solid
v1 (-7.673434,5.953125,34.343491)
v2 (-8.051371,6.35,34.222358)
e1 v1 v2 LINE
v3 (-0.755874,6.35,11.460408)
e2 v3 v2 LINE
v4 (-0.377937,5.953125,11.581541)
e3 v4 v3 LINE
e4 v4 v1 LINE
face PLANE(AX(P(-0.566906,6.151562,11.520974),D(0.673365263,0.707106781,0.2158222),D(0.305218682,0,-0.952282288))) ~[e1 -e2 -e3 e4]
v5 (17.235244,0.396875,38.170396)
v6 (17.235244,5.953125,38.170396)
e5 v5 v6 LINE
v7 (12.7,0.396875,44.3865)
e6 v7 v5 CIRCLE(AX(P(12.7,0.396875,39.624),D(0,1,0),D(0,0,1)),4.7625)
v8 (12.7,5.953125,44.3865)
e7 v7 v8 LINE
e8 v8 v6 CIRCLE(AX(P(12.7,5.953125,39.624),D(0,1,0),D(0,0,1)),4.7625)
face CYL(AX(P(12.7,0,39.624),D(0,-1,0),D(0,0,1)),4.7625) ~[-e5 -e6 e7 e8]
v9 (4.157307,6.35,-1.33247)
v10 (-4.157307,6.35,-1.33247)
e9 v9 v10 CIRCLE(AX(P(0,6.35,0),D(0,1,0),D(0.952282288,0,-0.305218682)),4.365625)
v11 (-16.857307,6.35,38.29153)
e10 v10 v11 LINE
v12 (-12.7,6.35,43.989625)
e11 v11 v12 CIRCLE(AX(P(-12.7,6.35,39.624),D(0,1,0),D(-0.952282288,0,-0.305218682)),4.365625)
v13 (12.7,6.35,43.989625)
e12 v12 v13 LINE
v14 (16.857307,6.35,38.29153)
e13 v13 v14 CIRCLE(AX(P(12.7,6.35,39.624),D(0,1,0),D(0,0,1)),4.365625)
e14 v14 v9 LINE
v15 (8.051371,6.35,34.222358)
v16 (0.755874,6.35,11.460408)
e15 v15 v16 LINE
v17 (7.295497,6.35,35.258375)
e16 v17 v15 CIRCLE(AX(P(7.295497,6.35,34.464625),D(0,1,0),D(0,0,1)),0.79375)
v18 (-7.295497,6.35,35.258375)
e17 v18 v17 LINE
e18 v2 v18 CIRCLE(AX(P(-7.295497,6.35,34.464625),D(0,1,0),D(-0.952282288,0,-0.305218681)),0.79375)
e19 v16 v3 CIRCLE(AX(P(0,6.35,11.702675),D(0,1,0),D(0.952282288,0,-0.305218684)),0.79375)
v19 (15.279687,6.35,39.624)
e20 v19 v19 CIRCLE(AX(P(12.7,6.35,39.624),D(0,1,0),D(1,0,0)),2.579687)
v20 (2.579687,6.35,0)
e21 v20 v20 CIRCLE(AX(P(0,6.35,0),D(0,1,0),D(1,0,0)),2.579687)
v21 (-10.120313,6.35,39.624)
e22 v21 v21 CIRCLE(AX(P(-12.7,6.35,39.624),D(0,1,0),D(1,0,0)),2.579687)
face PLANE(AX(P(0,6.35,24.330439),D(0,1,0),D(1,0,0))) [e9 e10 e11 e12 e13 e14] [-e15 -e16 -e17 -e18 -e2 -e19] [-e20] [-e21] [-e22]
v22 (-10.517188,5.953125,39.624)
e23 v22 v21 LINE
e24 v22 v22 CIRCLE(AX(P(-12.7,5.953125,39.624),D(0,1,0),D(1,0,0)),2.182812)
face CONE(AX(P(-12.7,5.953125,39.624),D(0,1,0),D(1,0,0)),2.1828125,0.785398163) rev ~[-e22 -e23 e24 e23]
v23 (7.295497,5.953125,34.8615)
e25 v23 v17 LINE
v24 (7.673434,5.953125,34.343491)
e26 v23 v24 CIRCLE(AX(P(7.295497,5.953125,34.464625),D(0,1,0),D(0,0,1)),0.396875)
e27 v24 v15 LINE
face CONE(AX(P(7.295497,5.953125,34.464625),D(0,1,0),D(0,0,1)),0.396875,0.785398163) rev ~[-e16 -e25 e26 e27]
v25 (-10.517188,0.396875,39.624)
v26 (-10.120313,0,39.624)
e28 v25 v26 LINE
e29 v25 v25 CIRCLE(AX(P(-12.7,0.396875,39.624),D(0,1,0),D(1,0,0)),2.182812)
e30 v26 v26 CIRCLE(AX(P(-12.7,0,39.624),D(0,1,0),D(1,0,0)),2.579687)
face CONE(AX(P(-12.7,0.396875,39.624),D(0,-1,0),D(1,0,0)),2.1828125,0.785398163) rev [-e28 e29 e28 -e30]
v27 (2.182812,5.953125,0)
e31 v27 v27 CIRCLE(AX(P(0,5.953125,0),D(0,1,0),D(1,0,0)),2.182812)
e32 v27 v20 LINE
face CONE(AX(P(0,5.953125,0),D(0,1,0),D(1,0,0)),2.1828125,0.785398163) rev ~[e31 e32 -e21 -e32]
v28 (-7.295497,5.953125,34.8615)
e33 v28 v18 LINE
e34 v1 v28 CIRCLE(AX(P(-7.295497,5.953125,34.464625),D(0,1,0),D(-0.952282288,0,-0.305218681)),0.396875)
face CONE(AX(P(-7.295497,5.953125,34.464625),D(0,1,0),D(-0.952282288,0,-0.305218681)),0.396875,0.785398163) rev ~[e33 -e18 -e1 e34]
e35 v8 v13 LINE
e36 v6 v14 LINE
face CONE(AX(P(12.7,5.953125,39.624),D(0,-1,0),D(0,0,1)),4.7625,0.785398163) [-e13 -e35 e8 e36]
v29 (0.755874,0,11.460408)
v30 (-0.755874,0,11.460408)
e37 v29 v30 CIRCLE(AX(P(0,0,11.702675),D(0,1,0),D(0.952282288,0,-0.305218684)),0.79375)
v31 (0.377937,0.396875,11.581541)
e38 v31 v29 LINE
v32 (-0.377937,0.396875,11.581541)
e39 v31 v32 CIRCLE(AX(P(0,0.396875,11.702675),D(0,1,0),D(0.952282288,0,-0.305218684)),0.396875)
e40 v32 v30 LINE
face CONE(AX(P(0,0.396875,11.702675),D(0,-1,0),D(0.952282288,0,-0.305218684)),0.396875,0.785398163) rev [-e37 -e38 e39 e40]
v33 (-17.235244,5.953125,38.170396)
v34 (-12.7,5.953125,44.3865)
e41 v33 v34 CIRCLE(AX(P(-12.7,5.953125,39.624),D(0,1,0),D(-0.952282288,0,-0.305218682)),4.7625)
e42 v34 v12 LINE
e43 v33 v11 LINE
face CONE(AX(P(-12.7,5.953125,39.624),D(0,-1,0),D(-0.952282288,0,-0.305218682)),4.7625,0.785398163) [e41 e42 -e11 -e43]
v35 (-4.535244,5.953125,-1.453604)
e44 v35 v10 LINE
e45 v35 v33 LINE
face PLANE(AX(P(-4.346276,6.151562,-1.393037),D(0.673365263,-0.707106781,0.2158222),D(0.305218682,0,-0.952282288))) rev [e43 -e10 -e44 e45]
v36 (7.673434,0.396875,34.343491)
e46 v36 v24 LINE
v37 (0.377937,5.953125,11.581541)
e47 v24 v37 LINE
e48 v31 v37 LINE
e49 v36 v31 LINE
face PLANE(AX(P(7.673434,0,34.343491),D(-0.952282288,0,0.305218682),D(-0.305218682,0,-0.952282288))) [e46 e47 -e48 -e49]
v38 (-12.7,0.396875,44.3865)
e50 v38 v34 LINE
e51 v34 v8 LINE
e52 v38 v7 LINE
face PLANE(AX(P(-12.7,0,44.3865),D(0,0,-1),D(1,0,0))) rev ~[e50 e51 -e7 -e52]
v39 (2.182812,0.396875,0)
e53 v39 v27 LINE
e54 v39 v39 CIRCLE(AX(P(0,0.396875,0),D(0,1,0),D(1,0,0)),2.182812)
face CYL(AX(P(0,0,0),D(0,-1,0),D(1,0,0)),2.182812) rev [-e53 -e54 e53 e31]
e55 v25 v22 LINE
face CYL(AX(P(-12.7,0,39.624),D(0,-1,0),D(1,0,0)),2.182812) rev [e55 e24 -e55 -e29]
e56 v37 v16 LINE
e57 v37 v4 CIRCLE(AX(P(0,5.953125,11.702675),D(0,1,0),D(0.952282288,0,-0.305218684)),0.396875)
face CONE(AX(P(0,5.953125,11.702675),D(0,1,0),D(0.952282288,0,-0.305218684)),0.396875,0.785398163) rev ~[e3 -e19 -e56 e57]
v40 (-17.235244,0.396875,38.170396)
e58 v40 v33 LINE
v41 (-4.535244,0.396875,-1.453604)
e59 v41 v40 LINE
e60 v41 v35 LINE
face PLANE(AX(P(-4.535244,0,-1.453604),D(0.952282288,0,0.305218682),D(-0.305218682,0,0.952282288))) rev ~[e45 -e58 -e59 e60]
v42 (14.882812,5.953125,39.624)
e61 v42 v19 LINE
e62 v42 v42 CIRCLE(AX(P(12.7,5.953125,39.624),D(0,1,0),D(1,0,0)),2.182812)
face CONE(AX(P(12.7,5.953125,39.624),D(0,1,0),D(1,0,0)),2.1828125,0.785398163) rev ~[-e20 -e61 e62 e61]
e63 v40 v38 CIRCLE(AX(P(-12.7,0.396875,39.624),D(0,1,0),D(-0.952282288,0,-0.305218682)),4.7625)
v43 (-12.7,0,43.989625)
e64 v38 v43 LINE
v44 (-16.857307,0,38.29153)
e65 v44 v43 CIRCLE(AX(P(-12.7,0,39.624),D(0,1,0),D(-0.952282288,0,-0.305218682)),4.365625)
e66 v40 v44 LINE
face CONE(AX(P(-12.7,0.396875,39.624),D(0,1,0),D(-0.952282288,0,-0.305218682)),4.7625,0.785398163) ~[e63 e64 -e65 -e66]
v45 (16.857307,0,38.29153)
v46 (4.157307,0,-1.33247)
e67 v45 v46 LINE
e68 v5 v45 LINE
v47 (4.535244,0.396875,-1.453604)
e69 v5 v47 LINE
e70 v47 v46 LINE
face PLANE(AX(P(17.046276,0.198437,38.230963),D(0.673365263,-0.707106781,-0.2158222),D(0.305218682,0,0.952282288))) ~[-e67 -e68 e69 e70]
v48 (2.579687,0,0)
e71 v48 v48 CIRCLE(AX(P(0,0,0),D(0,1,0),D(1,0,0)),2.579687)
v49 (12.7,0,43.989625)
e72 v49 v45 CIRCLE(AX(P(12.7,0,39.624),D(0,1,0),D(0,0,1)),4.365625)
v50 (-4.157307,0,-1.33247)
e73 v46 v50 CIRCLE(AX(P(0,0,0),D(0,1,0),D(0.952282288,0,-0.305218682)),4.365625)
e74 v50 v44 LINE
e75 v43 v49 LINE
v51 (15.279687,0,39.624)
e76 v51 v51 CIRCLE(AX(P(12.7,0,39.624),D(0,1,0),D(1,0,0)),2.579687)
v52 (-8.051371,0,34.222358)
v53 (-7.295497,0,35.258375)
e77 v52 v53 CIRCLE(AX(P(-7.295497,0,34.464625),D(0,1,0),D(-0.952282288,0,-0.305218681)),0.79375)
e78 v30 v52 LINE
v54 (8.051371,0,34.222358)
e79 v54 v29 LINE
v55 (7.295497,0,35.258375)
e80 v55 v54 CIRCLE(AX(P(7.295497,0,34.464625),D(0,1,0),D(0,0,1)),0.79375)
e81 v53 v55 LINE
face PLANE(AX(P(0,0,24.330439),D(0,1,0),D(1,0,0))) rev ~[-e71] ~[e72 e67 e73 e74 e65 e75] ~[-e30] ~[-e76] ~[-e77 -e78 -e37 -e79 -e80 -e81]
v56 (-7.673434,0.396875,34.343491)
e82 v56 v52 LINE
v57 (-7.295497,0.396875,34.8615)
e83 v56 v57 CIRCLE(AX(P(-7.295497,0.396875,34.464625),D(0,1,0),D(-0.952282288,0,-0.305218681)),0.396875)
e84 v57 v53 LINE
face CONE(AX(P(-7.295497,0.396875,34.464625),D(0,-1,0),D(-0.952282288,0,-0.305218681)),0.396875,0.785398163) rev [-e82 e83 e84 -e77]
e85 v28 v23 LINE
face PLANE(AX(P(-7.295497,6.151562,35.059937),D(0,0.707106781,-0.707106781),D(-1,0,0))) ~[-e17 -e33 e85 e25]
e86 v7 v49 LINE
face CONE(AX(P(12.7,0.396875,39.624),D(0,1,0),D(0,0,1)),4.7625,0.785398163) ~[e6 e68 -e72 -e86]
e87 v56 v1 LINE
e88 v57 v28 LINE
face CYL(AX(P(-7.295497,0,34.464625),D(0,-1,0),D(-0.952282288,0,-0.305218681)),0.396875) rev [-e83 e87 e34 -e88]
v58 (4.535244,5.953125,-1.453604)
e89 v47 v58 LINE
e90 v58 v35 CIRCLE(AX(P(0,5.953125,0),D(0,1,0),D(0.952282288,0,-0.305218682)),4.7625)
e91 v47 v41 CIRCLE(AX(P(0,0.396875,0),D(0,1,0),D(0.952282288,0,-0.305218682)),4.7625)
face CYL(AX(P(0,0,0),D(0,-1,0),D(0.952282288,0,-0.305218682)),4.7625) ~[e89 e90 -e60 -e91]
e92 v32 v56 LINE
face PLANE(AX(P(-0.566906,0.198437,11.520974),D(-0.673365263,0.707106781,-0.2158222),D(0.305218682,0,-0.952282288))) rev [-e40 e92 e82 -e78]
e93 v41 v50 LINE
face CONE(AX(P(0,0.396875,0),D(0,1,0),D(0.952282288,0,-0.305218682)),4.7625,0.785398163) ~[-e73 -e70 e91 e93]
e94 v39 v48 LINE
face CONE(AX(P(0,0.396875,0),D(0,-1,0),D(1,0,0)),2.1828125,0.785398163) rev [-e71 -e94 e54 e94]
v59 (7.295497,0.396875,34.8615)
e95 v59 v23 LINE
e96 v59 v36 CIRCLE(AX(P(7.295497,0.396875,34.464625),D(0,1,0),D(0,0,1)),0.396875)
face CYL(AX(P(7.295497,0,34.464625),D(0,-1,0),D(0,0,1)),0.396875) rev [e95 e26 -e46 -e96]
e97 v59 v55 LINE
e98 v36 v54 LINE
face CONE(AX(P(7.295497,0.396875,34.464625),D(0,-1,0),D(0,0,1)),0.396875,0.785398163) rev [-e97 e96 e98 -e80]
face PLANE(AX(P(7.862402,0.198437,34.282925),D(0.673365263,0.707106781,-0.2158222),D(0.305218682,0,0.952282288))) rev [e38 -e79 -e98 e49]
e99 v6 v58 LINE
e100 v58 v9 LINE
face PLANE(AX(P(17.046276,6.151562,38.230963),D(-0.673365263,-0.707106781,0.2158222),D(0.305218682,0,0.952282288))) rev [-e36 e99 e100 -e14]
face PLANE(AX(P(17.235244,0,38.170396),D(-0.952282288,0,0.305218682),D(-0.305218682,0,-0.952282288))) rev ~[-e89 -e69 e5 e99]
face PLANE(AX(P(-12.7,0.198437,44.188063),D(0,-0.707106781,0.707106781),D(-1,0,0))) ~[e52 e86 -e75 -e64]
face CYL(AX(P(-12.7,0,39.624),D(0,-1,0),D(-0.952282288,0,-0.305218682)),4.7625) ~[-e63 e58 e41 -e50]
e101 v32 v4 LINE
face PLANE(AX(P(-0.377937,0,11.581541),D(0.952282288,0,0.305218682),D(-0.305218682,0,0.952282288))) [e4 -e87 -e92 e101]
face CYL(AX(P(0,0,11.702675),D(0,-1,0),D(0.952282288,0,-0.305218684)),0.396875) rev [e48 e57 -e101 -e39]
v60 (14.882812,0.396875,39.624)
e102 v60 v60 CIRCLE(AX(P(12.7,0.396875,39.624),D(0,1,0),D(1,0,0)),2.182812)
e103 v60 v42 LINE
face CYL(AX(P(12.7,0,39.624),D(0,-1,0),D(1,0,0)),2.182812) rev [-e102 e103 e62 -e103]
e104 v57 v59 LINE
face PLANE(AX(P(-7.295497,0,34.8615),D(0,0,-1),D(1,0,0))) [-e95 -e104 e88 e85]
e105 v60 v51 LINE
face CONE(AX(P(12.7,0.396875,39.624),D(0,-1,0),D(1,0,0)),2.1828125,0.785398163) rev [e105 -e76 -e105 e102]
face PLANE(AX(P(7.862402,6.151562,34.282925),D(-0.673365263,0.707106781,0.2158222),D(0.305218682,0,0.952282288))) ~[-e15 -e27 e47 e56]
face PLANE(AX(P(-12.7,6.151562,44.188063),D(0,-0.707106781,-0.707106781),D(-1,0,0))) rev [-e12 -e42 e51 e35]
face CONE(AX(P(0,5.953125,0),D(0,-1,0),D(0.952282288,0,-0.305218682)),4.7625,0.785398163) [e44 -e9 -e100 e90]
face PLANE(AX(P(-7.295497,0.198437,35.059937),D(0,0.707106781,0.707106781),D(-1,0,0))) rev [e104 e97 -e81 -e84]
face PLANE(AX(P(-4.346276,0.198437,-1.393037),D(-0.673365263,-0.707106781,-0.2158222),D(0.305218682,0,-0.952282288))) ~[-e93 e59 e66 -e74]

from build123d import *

# Parameters (mm, degrees)
SKETCH1_R           = 2.1828125
BOSS_EXTRUDE2_DEPTH = 6.35
CHAMFER2_SIZE       = 0.396875


with BuildPart() as part:
    # Sketch1 → Boss-Extrude2 (new body)
    with BuildSketch(Plane(origin=(0, 0, 0), x_dir=(1, 0, 0), z_dir=(0, 1, 0))):
        with BuildLine():
            Line((-4.535244397, 1.453603973), (-17.235244397, -38.170396027))
            ThreePointArc((-17.235244397, -38.170396027), (-16.547349423, -42.431010628), (-12.7, -44.3865))
            Line((-12.7, -44.3865), (12.7, -44.3865))
            ThreePointArc((12.7, -44.3865), (16.547349423, -42.431010628), (17.235244397, -38.170396027))
            Line((17.235244397, -38.170396027), (4.535244397, 1.453603973))
            ThreePointArc((4.535244397, 1.453603973), (0, 4.7625), (-4.535244397, 1.453603973))
        make_face()
        Circle(SKETCH1_R, mode=Mode.SUBTRACT)
        with Locations((12.7, -39.624)):
            Circle(SKETCH1_R, mode=Mode.SUBTRACT)
        with Locations((-12.7, -39.624)):
            Circle(SKETCH1_R, mode=Mode.SUBTRACT)
        with BuildLine():
            Line((-0.377937033, -11.581541204), (-7.67343387, -34.343491336))
            ThreePointArc((-7.67343387, -34.343491336), (-7.616109289, -34.698542552), (-7.295496837, -34.8615))
            Line((-7.295496837, -34.8615), (7.295496837, -34.8615))
            ThreePointArc((7.295496837, -34.8615), (7.616109289, -34.698542552), (7.67343387, -34.343491336))
            Line((7.67343387, -34.343491336), (0.377937033, -11.581541204))
            ThreePointArc((0.377937033, -11.581541204), (0, -11.305799869), (-0.377937033, -11.581541204))
        make_face(mode=Mode.SUBTRACT)
    extrude(amount=BOSS_EXTRUDE2_DEPTH)

    # Chamfer2
    chamfer2_edges = [part.edges().sort_by_distance(p)[0] for p in [
        (-16.547349423, 6.35, 42.431010628),
        (0, 6.35, 44.3865),
        (-2.1828125, 0, 0),
        (-2.1828125, 6.35, 0),
        (10.5171875, 0, 39.624),
        (16.547349423, 6.35, 42.431010628),
        (10.5171875, 6.35, 39.624),
        (-14.8828125, 0, 39.624),
        (10.885244397, 6.35, 18.358396027),
        (-14.8828125, 6.35, 39.624),
        (7.616109289, 0, 34.698542552),
        (4.025685452, 0, 22.96251627),
        (0, 0, 11.305799869),
        (-4.025685452, 0, 22.96251627),
        (-7.616109289, 0, 34.698542552),
        (0, 0, 34.8615),
        (7.616109289, 6.35, 34.698542552),
        (4.025685452, 6.35, 22.96251627),
        (0, 6.35, 11.305799869),
        (-4.025685452, 6.35, 22.96251627),
        (-7.616109289, 6.35, 34.698542552),
        (0, 6.35, 34.8615),
        (0, 6.35, -4.7625),
        (10.885244397, 0, 18.358396027),
        (16.547349423, 0, 42.431010628),
        (0, 0, 44.3865),
        (-16.547349423, 0, 42.431010628),
        (-10.885244397, 0, 18.358396027),
        (0, 0, -4.7625),
        (-10.885244397, 6.35, 18.358396027),
    ]]
    chamfer(chamfer2_edges, length=CHAMFER2_SIZE)


solid = part.part
